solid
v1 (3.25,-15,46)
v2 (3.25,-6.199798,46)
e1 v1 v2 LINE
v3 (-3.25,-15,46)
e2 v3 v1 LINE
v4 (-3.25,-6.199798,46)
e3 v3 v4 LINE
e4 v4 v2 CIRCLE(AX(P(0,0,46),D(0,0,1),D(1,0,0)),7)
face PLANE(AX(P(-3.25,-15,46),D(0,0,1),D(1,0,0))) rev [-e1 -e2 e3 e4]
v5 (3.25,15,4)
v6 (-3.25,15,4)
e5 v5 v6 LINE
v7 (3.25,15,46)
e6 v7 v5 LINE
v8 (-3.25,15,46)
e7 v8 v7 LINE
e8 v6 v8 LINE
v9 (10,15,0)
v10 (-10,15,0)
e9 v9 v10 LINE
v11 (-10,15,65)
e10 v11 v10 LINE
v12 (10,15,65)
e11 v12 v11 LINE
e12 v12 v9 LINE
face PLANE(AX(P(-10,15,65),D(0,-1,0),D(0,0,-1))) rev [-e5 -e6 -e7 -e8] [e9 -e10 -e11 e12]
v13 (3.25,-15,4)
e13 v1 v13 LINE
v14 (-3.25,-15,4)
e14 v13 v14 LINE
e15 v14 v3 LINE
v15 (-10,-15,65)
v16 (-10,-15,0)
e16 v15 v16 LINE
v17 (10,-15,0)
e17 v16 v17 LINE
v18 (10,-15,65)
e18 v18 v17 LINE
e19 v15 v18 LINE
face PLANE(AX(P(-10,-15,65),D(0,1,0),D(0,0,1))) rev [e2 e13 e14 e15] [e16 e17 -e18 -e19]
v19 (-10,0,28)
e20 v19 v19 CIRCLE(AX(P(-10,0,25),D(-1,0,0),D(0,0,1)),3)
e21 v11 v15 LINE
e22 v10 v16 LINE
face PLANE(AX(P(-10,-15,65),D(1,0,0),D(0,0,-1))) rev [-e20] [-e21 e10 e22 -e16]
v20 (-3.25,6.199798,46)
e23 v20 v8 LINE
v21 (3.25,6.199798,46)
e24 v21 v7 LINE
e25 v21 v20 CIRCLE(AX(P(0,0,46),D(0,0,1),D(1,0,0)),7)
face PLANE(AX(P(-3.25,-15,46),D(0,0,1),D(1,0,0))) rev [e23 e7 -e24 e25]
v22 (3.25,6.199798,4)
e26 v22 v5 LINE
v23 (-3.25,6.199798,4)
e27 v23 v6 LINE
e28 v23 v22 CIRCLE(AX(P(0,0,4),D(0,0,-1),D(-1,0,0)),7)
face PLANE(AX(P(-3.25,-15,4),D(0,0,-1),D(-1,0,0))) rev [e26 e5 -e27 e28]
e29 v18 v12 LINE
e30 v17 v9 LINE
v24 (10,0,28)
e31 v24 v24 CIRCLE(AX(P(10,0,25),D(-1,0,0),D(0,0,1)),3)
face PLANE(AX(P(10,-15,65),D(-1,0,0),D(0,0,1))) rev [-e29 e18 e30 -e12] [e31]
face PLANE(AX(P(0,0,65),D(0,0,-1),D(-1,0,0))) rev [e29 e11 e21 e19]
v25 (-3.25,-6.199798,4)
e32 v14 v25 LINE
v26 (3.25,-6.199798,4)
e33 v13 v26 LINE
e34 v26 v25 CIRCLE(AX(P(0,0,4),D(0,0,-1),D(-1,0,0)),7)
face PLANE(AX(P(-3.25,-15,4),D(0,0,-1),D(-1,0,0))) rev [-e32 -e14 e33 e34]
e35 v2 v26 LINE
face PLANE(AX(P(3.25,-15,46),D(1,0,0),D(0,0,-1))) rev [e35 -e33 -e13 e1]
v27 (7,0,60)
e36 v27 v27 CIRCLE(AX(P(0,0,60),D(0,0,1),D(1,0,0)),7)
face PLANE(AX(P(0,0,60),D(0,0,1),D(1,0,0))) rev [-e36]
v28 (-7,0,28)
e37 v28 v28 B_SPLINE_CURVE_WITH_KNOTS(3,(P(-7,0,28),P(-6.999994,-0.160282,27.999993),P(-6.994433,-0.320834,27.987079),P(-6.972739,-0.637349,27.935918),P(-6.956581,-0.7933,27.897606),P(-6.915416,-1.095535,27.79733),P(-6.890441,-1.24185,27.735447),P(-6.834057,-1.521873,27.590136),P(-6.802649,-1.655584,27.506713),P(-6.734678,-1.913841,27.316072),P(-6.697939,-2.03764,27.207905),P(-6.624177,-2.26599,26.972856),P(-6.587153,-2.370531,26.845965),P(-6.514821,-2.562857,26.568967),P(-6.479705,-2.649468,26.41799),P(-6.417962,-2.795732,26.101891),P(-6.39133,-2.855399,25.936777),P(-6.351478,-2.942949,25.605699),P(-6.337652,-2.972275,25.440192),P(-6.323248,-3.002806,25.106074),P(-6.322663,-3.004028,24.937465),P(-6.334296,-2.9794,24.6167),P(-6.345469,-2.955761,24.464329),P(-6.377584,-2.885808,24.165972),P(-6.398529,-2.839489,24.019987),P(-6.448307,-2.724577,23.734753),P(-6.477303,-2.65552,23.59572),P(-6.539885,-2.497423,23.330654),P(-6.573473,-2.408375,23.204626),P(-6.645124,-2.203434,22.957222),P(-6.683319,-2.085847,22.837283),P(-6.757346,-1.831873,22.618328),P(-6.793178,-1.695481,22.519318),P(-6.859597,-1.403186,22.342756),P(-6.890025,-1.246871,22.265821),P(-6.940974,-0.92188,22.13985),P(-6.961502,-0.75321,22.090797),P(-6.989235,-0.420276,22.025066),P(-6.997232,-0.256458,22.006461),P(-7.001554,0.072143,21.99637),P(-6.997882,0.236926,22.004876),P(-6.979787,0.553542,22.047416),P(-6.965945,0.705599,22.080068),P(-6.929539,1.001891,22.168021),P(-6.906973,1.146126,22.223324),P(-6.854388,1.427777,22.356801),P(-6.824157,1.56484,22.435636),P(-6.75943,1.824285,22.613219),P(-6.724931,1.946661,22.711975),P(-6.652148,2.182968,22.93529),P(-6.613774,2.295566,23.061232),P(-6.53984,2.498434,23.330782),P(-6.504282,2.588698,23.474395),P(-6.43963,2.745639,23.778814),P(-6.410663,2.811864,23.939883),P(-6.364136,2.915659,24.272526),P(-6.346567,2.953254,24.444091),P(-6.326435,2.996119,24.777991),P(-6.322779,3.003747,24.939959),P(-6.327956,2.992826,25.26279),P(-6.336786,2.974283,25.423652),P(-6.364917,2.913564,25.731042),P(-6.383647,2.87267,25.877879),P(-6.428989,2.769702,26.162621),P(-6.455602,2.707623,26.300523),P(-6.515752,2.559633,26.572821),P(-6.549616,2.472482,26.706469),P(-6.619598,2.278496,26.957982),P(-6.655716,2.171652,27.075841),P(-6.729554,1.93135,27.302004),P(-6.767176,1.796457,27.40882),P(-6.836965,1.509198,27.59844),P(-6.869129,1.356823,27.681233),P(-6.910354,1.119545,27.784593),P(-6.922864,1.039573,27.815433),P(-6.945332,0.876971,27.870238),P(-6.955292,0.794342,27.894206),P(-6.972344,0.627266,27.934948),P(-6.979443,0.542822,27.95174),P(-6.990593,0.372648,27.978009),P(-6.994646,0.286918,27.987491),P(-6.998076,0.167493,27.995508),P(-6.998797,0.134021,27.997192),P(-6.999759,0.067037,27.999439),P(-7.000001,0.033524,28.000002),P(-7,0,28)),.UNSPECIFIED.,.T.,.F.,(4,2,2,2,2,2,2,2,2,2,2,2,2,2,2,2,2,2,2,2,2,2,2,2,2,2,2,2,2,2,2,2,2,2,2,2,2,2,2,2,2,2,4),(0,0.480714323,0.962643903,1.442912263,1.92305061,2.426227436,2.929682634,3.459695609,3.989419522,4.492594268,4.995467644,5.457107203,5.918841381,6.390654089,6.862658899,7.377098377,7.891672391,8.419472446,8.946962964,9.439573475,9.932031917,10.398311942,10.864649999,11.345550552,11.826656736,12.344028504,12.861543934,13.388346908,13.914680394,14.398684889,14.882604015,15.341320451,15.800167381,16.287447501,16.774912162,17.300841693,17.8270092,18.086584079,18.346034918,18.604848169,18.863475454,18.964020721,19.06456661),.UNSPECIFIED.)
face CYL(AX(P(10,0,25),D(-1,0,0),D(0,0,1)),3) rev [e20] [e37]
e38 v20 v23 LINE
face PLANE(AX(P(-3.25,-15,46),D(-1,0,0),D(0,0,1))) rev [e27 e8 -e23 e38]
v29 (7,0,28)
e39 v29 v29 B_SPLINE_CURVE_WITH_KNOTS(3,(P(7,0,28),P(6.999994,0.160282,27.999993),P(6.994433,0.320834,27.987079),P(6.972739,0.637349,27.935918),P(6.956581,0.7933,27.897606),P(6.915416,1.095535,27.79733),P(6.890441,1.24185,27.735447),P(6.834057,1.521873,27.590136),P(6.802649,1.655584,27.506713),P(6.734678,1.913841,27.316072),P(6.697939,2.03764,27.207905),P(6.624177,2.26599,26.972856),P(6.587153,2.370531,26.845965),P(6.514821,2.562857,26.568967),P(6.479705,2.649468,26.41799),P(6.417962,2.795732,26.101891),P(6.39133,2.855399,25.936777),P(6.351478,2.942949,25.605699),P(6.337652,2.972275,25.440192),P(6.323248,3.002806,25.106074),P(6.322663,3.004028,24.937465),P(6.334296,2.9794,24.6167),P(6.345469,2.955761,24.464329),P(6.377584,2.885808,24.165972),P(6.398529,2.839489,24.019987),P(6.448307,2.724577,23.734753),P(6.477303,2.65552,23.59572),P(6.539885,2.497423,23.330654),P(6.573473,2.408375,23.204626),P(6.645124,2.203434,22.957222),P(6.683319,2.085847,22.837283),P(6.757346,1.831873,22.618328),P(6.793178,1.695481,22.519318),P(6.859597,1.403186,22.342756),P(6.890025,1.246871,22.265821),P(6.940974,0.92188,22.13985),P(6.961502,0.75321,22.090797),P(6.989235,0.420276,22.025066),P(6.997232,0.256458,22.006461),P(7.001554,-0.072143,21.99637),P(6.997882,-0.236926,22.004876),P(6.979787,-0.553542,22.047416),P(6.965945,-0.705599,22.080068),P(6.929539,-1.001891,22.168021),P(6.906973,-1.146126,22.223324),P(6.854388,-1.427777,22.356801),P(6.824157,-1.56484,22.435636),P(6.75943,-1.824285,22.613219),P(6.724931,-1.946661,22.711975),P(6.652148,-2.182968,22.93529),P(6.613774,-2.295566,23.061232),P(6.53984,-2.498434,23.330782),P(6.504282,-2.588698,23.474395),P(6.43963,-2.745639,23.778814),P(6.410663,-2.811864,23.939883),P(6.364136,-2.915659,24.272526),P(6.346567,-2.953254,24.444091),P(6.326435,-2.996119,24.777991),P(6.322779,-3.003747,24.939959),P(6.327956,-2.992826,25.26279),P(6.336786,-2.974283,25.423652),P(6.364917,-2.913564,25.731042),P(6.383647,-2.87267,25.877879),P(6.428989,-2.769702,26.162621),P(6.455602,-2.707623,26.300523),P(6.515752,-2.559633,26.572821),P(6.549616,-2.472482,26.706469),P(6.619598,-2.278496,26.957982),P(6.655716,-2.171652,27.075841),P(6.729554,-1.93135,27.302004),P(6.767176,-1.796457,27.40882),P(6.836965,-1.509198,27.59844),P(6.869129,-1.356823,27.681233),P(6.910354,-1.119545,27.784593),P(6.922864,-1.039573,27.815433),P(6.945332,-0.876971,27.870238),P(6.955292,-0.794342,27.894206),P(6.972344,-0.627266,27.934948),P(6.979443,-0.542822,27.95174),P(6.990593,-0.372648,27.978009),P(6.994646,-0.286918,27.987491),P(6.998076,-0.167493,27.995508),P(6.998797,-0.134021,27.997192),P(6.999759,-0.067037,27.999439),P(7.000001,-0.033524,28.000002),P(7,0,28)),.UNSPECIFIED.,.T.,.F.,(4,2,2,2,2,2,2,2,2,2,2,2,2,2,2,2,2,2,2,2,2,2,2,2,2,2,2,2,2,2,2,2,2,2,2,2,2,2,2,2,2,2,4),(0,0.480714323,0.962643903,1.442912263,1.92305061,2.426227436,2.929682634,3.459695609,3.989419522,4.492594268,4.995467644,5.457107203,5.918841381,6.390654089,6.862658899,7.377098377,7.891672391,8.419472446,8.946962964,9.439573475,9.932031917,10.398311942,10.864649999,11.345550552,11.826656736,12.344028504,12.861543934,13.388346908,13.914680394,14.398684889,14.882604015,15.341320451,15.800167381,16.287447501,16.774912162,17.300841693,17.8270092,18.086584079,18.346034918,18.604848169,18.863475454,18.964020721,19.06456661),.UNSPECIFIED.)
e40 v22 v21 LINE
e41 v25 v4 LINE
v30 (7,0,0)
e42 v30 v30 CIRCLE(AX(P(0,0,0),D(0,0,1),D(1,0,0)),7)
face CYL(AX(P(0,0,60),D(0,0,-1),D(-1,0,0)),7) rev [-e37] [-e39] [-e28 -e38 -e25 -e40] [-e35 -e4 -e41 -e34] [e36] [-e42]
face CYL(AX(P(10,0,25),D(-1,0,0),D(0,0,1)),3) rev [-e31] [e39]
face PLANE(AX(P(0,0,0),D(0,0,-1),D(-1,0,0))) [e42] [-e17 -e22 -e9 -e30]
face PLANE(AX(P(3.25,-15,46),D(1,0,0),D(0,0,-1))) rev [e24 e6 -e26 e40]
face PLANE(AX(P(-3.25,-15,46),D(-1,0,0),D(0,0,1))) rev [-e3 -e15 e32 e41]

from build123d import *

# Parameters (mm, degrees)
SKETCH1_W           = 20
SKETCH1_H           = 30
BOSS_EXTRUDE1_DEPTH = 65
SKETCH3_R           = 7
CUT_EXTRUDE1_DEPTH  = 60
SKETCH4_R           = 3
CUT_EXTRUDE2_DEPTH  = 21
SKETCH5_W           = 6.5
SKETCH5_H           = 42
CUT_EXTRUDE3_DEPTH  = 31


with BuildPart() as part:
    # Sketch1 → Boss-Extrude1 (new body)
    with BuildSketch(Plane.XY):
        Rectangle(SKETCH1_W, SKETCH1_H)
    extrude(amount=BOSS_EXTRUDE1_DEPTH)

    # Sketch3 → Cut-Extrude1 (cut)
    with BuildSketch(Plane.XY):
        Circle(SKETCH3_R)
    extrude(amount=CUT_EXTRUDE1_DEPTH, mode=Mode.SUBTRACT)

    # Sketch4 → Cut-Extrude2 (cut, through all)
    with BuildSketch(Plane.ZY.offset(10)):
        with Locations((25, 0)):
            Circle(SKETCH4_R)
    extrude(amount=-CUT_EXTRUDE2_DEPTH, mode=Mode.SUBTRACT)

    # Sketch5 → Cut-Extrude3 (cut, through all)
    with BuildSketch(Plane(origin=(0, 15, 0), x_dir=(1, 0, 0), z_dir=(0, 1, 0))):
        with Locations((0, -25)):
            Rectangle(SKETCH5_W, SKETCH5_H)
    extrude(amount=-CUT_EXTRUDE3_DEPTH, mode=Mode.SUBTRACT)


solid = part.part
